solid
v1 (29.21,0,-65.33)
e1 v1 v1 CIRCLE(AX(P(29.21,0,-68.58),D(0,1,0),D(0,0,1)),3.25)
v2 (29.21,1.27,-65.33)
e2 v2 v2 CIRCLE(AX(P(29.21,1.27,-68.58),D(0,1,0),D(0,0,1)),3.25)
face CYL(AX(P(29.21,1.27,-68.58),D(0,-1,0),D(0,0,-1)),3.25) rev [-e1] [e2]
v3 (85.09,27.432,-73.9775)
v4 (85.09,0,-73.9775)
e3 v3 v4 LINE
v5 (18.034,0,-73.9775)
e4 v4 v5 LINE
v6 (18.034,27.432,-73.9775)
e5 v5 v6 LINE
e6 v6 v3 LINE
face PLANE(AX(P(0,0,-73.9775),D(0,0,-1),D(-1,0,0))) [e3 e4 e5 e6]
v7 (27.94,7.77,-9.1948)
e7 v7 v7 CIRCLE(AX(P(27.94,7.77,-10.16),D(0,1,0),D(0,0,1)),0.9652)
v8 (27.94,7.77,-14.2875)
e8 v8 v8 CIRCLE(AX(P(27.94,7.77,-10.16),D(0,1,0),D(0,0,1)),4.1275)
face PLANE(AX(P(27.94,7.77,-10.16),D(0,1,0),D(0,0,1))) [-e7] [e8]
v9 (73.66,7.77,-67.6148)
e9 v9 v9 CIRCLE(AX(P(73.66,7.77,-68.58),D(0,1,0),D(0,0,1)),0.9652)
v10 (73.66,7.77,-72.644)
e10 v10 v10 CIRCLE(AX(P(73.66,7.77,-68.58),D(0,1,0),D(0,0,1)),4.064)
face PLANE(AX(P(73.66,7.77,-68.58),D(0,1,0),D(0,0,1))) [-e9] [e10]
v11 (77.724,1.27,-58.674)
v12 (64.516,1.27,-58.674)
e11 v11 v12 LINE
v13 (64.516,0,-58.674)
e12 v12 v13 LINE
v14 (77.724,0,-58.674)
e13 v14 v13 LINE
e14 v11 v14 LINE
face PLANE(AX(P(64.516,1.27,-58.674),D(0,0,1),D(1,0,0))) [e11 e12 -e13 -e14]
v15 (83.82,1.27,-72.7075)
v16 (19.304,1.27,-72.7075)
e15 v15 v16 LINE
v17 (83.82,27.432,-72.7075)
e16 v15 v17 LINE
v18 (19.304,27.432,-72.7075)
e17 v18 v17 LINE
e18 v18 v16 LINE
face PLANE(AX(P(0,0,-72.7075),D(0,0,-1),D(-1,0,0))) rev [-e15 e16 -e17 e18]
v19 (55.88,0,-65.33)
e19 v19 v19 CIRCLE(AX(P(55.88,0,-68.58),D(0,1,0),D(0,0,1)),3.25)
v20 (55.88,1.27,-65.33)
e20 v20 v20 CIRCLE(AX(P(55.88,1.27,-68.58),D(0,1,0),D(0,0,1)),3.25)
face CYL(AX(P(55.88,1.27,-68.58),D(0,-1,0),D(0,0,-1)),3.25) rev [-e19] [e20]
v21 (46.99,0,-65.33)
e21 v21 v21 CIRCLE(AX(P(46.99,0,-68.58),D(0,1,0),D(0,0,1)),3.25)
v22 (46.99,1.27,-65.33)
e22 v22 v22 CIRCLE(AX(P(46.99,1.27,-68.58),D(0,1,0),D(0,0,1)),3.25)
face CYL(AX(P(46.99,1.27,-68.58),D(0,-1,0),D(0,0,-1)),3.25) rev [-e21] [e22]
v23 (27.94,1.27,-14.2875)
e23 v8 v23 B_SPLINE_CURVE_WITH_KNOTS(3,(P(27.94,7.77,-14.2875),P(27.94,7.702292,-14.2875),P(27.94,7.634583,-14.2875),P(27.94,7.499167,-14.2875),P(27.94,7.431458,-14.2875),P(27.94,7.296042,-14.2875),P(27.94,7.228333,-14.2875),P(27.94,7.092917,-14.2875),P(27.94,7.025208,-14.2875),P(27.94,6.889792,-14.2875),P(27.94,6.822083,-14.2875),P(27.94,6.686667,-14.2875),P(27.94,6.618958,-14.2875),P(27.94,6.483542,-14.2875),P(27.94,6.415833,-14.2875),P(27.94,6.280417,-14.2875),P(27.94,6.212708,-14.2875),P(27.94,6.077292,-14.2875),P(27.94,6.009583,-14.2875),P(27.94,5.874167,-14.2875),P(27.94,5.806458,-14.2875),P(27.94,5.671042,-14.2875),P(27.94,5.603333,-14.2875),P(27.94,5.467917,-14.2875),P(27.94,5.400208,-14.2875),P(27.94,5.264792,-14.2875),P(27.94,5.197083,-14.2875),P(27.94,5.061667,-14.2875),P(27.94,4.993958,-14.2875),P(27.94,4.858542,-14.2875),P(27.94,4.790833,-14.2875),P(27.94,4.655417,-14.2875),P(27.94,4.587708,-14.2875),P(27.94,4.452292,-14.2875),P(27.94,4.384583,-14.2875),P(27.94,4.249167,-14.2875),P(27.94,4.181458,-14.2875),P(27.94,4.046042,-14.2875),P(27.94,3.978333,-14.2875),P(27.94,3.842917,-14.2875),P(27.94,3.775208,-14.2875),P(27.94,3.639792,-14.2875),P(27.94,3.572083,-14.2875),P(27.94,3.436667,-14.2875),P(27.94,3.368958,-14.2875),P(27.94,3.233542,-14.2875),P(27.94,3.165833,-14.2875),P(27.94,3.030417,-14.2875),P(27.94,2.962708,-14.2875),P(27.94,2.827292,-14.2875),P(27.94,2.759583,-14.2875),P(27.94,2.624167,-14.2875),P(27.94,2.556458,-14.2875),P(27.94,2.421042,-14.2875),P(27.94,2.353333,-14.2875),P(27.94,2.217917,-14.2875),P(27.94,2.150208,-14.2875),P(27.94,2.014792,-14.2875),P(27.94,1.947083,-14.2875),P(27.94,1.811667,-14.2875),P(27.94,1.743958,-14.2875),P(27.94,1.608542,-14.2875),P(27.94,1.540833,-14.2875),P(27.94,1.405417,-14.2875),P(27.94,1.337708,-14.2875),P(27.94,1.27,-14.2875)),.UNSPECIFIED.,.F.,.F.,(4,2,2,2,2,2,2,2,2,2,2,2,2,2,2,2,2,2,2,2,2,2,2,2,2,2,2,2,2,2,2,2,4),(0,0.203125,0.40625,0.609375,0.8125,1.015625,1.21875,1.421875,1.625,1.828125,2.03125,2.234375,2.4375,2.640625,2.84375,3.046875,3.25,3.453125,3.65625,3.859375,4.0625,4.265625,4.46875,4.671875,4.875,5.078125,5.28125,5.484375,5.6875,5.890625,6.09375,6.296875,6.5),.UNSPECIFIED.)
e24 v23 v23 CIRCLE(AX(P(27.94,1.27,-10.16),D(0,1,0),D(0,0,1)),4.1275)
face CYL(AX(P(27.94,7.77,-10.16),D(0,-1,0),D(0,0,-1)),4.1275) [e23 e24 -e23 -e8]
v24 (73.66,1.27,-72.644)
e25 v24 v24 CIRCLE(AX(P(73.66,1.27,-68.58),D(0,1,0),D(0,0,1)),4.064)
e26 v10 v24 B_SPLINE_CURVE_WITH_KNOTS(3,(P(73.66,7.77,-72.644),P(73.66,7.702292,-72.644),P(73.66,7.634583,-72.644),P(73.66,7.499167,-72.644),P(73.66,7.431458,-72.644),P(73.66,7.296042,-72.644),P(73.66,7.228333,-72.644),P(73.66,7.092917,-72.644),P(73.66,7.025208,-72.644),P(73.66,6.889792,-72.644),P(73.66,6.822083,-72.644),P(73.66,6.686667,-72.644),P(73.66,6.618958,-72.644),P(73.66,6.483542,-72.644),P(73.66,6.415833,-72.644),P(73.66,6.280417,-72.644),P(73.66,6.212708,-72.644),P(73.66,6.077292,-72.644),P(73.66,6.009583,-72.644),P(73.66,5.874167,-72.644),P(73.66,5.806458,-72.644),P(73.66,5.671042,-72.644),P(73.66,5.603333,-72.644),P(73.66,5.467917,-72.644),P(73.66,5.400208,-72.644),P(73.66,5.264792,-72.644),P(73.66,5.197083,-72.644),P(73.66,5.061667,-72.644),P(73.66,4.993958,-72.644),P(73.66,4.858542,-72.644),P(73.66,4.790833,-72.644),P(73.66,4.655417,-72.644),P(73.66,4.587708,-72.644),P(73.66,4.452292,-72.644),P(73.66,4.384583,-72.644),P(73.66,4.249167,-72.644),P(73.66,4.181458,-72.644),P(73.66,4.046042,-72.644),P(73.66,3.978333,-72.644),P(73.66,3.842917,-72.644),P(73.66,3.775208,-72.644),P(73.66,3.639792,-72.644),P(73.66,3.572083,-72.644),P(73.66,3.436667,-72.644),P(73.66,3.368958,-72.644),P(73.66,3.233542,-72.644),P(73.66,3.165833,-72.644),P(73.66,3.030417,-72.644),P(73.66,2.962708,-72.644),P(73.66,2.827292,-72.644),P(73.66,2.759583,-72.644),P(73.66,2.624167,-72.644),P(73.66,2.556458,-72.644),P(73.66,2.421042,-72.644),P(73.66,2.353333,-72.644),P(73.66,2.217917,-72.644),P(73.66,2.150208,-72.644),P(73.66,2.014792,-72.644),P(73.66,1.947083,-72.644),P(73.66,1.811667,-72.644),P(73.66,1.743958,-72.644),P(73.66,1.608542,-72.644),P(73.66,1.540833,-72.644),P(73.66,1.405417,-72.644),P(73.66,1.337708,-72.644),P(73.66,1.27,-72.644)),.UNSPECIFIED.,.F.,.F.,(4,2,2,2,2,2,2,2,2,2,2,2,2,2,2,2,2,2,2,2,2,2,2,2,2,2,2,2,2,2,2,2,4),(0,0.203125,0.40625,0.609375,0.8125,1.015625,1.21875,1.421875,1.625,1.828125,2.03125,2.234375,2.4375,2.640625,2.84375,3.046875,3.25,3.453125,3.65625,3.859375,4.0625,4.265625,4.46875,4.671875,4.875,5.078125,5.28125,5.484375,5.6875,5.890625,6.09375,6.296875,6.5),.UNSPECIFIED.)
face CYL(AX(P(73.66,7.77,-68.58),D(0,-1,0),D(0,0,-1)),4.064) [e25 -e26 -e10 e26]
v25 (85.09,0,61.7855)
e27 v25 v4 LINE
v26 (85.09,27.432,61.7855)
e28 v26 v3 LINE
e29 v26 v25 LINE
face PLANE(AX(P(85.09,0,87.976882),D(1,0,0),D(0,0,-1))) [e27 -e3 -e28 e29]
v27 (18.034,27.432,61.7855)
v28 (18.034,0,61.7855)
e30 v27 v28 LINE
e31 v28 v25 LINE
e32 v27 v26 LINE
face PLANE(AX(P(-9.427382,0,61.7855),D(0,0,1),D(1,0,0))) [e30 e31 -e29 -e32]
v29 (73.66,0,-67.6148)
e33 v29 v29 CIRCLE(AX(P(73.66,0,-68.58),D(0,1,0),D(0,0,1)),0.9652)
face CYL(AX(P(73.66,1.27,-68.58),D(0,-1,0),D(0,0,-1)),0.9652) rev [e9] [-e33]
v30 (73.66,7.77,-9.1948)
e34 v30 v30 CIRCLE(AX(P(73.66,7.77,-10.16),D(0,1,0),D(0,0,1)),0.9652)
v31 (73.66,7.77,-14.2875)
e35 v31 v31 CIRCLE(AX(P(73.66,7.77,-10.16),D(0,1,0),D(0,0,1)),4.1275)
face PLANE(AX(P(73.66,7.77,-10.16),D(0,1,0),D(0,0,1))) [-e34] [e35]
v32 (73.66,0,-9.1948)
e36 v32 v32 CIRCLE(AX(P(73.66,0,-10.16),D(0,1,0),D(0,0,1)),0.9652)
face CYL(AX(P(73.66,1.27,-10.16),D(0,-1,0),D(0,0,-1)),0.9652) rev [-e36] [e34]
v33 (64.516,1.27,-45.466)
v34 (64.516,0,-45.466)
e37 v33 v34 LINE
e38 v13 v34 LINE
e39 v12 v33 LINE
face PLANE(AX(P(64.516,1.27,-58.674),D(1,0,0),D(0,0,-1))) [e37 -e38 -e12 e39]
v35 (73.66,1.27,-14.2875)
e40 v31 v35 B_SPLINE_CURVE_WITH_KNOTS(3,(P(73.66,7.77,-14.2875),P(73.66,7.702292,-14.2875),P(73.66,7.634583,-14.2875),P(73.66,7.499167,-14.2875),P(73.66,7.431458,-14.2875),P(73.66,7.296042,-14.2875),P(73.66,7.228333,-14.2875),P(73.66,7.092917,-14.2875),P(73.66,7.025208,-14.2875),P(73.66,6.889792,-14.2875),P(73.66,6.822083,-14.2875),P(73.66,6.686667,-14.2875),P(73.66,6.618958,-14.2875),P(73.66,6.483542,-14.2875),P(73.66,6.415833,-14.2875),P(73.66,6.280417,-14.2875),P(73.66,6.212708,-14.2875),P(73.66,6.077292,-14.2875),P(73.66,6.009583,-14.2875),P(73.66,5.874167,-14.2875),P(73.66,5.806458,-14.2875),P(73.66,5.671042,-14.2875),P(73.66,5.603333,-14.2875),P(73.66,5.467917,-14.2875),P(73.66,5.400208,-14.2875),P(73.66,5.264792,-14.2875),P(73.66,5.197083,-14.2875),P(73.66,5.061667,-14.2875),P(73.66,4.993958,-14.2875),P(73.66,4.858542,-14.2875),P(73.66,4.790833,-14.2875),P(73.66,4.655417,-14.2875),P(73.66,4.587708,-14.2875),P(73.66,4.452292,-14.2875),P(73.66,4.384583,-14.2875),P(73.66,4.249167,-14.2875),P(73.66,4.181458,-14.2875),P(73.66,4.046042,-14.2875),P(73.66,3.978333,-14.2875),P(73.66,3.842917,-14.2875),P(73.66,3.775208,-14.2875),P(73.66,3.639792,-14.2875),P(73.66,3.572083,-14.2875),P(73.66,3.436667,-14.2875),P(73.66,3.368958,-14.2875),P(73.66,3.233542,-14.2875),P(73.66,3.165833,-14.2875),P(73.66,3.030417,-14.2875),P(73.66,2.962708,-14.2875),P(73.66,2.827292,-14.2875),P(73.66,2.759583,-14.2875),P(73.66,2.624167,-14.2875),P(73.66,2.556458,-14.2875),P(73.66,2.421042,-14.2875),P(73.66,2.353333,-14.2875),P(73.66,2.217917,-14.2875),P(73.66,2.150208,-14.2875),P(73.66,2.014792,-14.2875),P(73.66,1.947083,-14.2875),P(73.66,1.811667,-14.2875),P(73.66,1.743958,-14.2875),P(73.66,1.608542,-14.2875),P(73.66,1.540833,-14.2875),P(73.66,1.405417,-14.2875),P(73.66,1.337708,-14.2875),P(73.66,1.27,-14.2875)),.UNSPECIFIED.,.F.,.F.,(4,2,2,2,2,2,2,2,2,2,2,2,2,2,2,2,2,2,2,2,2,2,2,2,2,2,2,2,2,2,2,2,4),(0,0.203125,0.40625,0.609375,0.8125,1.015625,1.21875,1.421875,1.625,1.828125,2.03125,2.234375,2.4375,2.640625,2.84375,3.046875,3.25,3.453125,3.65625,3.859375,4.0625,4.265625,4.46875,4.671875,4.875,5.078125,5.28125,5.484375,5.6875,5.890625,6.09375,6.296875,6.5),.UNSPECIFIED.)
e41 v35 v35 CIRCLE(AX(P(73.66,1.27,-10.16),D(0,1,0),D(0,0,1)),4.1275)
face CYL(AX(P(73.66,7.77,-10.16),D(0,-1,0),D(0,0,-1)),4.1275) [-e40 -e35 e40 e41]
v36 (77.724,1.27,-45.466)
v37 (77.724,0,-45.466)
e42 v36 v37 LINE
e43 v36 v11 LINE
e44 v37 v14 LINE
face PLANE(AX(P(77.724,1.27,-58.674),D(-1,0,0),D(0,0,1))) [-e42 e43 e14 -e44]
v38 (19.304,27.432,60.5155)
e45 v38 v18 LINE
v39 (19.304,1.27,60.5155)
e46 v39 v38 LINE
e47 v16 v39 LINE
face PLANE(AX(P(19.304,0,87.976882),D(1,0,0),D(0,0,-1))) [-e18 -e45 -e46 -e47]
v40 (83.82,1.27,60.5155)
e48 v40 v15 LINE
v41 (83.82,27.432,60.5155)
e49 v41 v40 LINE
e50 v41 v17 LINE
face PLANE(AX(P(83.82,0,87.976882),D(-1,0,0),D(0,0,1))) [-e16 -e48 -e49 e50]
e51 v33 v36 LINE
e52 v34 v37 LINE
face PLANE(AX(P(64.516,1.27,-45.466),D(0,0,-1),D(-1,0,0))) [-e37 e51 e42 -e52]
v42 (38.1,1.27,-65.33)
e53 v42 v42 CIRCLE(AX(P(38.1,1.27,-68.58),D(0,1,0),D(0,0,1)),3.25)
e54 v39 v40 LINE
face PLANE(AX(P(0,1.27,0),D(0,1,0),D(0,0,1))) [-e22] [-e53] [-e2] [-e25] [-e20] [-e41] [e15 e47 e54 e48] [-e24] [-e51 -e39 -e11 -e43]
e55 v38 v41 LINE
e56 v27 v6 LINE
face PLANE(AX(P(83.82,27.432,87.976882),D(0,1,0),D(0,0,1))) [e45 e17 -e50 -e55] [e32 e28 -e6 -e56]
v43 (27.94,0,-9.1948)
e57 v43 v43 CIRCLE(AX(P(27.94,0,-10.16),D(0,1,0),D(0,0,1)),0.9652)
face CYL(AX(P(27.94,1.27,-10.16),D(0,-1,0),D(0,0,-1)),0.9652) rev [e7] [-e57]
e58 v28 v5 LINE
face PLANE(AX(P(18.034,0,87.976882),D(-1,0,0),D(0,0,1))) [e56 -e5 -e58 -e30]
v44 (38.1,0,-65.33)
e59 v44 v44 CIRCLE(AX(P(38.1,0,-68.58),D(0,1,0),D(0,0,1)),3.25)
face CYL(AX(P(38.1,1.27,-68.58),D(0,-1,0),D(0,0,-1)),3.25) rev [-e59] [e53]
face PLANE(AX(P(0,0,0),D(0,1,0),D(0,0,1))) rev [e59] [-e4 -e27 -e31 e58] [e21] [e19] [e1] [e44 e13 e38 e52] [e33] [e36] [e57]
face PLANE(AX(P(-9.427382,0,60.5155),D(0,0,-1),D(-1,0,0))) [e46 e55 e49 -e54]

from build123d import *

# Parameters (mm, degrees)
SKETCH1_W            = 64.516
SKETCH1_H            = 133.223
SKETCH1_R            = 3.25
SKETCH1_R_2          = 0.9652
SKETCH1_W_2          = 13.208
SKETCH1_H_2          = 13.208
FRONT_FACE_DEPTH     = 1.27
SKETCH2_R            = 4.1275
SKETCH2_R_2          = 0.9652
SKETCH2_R_3          = 4.064
SCREW_POST_PCB_DEPTH = 6.5
SKETCH5_W            = 1.27
SKETCH5_H            = 27.432
SIDE_WALLS_DEPTH     = 133.223
SKETCH6_W            = 1.27
SKETCH6_H            = 27.432
BOTTOM_WALL_DEPTH    = 67.056
SKETCH8_W            = 67.056
SKETCH8_H            = 27.432
TOP_WALL_DEPTH       = 1.27


with BuildPart() as part:
    # Sketch1 → front_face (new body)
    with BuildSketch(Plane(origin=(0, 0, 0), x_dir=(1, 0, 0), z_dir=(0, 1, 0))):
        with Locations((51.562, 6.096)):
            Rectangle(SKETCH1_W, SKETCH1_H)
        with Locations(Location((29.21, 68.58, 0), (0, 0, 270))):
            Circle(SKETCH1_R, mode=Mode.SUBTRACT)
        with Locations(Location((38.1, 68.58, 0), (0, 0, 270))):
            Circle(SKETCH1_R, mode=Mode.SUBTRACT)
        with Locations(Location((46.99, 68.58, 0), (0, 0, 270))):
            Circle(SKETCH1_R, mode=Mode.SUBTRACT)
        with Locations(Location((55.88, 68.58, 0), (0, 0, 270))):
            Circle(SKETCH1_R, mode=Mode.SUBTRACT)
        with Locations(Location((73.66, 68.58, 0), (0, 0, 270))):
            Circle(SKETCH1_R_2, mode=Mode.SUBTRACT)
        with Locations(Location((73.66, 10.16, 0), (0, 0, 270))):
            Circle(SKETCH1_R_2, mode=Mode.SUBTRACT)
        with Locations(Location((27.94, 10.16, 0), (0, 0, 270))):
            Circle(SKETCH1_R_2, mode=Mode.SUBTRACT)
        with Locations((71.12, 52.07)):
            Rectangle(SKETCH1_W_2, SKETCH1_H_2, mode=Mode.SUBTRACT)
    extrude(amount=FRONT_FACE_DEPTH)

    # Sketch2 → screw_post_PCB (add)
    # profile 1 of 3: a face of its own
    with BuildSketch(Plane(origin=(0, 1.27, 0), x_dir=(1, 0, 0), z_dir=(0, 1, 0))):
        with Locations(Location((27.94, 10.16, 0), (0, 0, 90))):
            Circle(SKETCH2_R)
        with Locations(Location((27.94, 10.16, 0), (0, 0, 270))):
            Circle(SKETCH2_R_2, mode=Mode.SUBTRACT)
    # profile 2 of 3: a face of its own
    with BuildSketch(Plane(origin=(0, 1.27, 0), x_dir=(1, 0, 0), z_dir=(0, 1, 0))):
        with Locations(Location((73.66, 10.16, 0), (0, 0, 90))):
            Circle(SKETCH2_R)
        with Locations(Location((73.66, 10.16, 0), (0, 0, 270))):
            Circle(SKETCH2_R_2, mode=Mode.SUBTRACT)
    # profile 3 of 3: a face of its own
    with BuildSketch(Plane(origin=(0, 1.27, 0), x_dir=(1, 0, 0), z_dir=(0, 1, 0))):
        with Locations(Location((73.66, 68.58, 0), (0, 0, 90))):
            Circle(SKETCH2_R_3)
        with Locations(Location((73.66, 68.58, 0), (0, 0, 270))):
            Circle(SKETCH2_R_2, mode=Mode.SUBTRACT)
    extrude(amount=SCREW_POST_PCB_DEPTH)

    # Sketch5 → side_walls (add)
    with BuildSketch(Plane(origin=(0, 0, -72.7075), x_dir=(-1, 0, 0), z_dir=(0, 0, -1))):
        with Locations((-84.455, 13.716)):
            Rectangle(SKETCH5_W, SKETCH5_H)
        with Locations((-18.669, 13.716)):
            Rectangle(SKETCH5_W, SKETCH5_H)
    extrude(amount=-SIDE_WALLS_DEPTH)

    # Sketch6 → bottom_wall (add)
    with BuildSketch(Plane(origin=(85.09, 0, 0), x_dir=(0, 0, -1), z_dir=(1, 0, 0))):
        with Locations((-61.1505, 13.716)):
            Rectangle(SKETCH6_W, SKETCH6_H)
    extrude(amount=-BOTTOM_WALL_DEPTH)

    # Sketch8 → top_wall (add)
    with BuildSketch(Plane(origin=(0, 0, -72.7075), x_dir=(-1, 0, 0), z_dir=(0, 0, -1))):
        with Locations((-51.562, 13.716)):
            Rectangle(SKETCH8_W, SKETCH8_H)
    extrude(amount=TOP_WALL_DEPTH)


solid = part.part
